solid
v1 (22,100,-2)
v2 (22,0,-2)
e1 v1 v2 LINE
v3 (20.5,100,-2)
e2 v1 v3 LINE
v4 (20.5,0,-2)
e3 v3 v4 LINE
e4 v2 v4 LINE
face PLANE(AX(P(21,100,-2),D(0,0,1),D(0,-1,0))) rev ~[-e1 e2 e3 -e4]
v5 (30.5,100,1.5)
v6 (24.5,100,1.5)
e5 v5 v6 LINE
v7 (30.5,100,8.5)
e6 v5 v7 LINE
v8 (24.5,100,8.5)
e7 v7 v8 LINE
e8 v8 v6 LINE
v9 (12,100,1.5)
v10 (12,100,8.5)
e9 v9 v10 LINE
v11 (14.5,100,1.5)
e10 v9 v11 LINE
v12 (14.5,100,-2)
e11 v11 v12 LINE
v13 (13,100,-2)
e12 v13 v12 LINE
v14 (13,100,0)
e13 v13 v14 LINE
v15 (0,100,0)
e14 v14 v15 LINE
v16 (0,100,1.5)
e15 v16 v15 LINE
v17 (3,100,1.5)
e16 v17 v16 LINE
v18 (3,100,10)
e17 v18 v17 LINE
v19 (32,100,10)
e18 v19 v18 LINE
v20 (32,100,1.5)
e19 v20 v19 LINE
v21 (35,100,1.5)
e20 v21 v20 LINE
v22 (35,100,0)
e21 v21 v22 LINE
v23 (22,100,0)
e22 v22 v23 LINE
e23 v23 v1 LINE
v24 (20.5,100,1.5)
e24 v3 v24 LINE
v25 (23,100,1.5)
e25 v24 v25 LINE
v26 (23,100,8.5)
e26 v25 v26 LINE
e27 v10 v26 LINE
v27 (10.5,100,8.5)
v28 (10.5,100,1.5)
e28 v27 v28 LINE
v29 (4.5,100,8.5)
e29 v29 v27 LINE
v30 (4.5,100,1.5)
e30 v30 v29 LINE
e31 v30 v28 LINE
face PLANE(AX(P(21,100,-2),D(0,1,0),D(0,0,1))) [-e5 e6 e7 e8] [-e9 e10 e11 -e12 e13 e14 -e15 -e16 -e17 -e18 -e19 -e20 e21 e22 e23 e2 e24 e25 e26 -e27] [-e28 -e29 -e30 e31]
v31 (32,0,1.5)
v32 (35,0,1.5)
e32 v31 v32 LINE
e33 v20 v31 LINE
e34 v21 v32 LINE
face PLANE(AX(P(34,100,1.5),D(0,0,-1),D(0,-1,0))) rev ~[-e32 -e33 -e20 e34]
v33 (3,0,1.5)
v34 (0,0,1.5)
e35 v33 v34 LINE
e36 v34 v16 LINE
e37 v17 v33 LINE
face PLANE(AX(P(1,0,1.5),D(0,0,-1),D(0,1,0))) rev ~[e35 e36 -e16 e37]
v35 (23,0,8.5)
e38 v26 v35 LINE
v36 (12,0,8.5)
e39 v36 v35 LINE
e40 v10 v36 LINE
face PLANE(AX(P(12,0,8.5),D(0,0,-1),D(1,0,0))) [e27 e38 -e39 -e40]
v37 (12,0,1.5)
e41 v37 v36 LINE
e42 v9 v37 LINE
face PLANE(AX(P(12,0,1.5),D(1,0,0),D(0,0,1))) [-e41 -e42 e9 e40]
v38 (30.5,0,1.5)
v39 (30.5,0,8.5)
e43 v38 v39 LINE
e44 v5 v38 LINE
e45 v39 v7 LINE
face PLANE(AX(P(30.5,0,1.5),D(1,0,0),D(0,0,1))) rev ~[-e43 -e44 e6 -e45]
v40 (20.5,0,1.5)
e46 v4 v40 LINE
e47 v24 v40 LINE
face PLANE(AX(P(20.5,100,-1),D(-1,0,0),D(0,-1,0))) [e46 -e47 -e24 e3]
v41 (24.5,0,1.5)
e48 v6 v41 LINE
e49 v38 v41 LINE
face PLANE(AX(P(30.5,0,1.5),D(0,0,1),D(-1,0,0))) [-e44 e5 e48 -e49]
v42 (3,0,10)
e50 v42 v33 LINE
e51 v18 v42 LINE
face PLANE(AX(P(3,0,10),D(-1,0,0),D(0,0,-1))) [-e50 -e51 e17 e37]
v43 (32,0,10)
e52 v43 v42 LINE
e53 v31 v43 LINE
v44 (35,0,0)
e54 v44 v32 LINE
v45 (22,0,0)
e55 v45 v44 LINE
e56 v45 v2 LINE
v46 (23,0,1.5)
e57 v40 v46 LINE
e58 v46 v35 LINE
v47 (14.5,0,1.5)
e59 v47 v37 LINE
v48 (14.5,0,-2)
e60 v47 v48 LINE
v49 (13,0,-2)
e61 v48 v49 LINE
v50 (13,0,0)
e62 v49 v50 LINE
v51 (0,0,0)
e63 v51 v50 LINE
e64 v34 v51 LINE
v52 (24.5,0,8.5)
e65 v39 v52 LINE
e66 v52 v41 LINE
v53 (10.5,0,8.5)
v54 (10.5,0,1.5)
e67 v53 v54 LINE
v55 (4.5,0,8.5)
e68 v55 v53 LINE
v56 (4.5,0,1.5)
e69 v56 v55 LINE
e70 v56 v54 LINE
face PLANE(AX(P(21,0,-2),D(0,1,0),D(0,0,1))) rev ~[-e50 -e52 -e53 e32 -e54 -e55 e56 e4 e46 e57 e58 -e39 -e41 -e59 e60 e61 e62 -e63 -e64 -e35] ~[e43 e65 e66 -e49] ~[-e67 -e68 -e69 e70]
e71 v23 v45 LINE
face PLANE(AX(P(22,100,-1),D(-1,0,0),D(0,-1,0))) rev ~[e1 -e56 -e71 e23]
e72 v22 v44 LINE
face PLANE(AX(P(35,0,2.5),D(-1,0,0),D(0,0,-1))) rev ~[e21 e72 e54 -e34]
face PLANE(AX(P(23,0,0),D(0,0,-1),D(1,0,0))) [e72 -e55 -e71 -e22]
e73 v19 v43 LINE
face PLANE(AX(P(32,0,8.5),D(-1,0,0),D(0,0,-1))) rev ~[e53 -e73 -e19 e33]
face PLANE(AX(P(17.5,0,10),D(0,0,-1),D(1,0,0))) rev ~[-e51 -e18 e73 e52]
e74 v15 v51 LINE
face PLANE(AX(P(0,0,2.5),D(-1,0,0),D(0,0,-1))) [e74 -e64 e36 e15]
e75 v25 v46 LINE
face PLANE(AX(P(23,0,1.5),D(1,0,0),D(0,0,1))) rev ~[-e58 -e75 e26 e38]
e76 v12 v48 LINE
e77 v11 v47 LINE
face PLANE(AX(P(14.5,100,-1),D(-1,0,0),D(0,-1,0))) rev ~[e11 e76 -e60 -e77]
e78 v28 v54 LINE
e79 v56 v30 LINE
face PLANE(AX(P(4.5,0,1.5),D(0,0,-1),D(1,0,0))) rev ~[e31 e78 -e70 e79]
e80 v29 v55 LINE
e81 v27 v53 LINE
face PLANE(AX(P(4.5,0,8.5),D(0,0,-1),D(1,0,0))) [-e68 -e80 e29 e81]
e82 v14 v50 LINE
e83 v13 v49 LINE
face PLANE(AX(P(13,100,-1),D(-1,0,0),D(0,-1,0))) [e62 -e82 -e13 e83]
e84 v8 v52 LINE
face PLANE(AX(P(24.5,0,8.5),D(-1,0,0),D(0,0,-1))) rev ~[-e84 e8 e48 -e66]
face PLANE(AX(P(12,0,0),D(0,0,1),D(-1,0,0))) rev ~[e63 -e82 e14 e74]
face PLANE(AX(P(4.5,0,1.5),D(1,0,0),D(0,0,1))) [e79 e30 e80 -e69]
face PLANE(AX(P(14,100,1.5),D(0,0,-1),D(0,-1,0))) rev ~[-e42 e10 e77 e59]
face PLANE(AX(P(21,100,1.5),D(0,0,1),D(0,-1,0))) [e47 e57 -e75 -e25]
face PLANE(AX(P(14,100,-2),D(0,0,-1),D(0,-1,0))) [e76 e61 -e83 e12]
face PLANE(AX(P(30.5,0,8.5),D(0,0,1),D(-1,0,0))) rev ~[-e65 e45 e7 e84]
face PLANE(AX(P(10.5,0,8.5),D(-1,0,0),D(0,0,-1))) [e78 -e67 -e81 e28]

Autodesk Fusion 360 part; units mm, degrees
sketch "Sketch1" plane through (0, 0, 0) normal (0, 1, 0) x (1, 0, 0)
  line L0 (0, -1) -> (0, 0)
  line L1 (12, 0) -> (12, 1)
  line L2 (12, 1) -> (13, 1)
  line L3 (2, -1.5) -> (2, -2.5)
  line L4 (2, -2.5) -> (1, -2.5)
  line L5 (2, -1.5) -> (3, -1.5)
  line L6 (4.5, -1.5) -> (4.5, -8.5)
  line L7 (3, -8.5) -> (3, -1.5)
  line L8 (4.5, -1.5) -> (10.5, -1.5)
  line L9 (12, -1.5) -> (12, -8.5)
  line L10 (10.5, -8.5) -> (10.5, -1.5)
  line L11 (17.5, -10) -> (3, -10)
  line L12 (3, -10) -> (3, -8.5)
  line L13 (4.5, -8.5) -> (10.5, -8.5)
  line L14 (12, -8.5) -> (17.5, -8.5)
  line L15 (1, -2.5) -> (1, -1)
  line L16 (1, -1) -> (0, -1)
  line L17 (12, -1.5) -> (13, -1.5)
  line L18 (13, -1.5) -> (13, 1)
  line L19 (12, 0) -> (0, 0)
  line L20 (23, -1.5) -> (23, -8.5)
  line L21 (22, -1.5) -> (22, 1)
  line L22 (32, -8.5) -> (32, -1.5)
  line L23 (30.5, -8.5) -> (24.5, -8.5)
  line L24 (30.5, -1.5) -> (24.5, -1.5)
  line L25 (32, -10) -> (32, -8.5)
  line L26 (23, 0) -> (23, 1)
  line L27 (33, -1.5) -> (32, -1.5)
  line L28 (23, 1) -> (22, 1)
  line L29 (34, -2.5) -> (34, -1)
  line L30 (24.5, -8.5) -> (24.5, -1.5)
  line L31 (23, 0) -> (35, 0)
  line L32 (23, -1.5) -> (22, -1.5)
  line L33 (34, -1) -> (35, -1)
  line L34 (30.5, -1.5) -> (30.5, -8.5)
  line L35 (33, -1.5) -> (33, -2.5)
  line L36 (35, -1) -> (35, 0)
  line L37 (23, -8.5) -> (17.5, -8.5)
  line L38 (17.5, -10) -> (32, -10)
  line L39 (33, -2.5) -> (34, -2.5)
  point P0 (35, 0)
  dimension "d2" = 1
  dimension "d9" = 1
  dimension "d10" = 1.5
  dimension "d11" = 7
  dimension "d12" = 6
  dimension "d13" = 1.5
  dimension "d14" = 7
  dimension "d15" = 14.5
  dimension "d16" = 1.5
extrude "Extrude1" add sketch "Sketch1" along normal blind 5
extrude "Extrude2" add 1 faces at (10.3333, 5, 9.5) along direction (0, 1, 0) blind 95
extrude "Extrude3" cut 1 faces at (1.6667, 66.6667, 2.5) along direction (0, 0, -1) blind 1
extrude "Extrude4" add 1 faces at (1, 66.6667, 1.3333) along direction (-1, 0, 0) blind 1
extrude "Extrude5" cut 1 faces at (33.3333, 33.3333, 2.5) along direction (0, 0, -1) blind 1
extrude "Extrude6" add 1 faces at (34, 66.6667, 1.3333) along direction (1, 0, 0) blind 1
extrude "Extrude7" add 1 faces at (13, 33.3333, 0.6667) along direction (1, 0, 0) blind 1
extrude "Extrude8" cut 1 faces at (12, 66.6667, -0.3333) along direction (1, 0, 0) blind 1
extrude "Extrude9" add 1 faces at (22, 33.3333, 0.6667) along direction (-1, 0, 0) blind 1
extrude "Extrude10" cut 1 faces at (23, 33.3333, -0.3333) along direction (-1, 0, 0) blind 1
extrude "Extrude11" add 1 faces at (13.3333, 66.6667, -1) along direction (0, 0, -1) blind 1
extrude "Extrude12" add 1 faces at (21.6667, 66.6667, -1) along direction (0, 0, -1) blind 1
extrude "Extrude13" add 1 faces at (14, 33.3333, -0.8333) along direction (1, 0, 0) blind 0.5
extrude "Extrude14" add 1 faces at (21, 66.6667, 0.3333) along direction (-1, 0, 0) blind 0.5
